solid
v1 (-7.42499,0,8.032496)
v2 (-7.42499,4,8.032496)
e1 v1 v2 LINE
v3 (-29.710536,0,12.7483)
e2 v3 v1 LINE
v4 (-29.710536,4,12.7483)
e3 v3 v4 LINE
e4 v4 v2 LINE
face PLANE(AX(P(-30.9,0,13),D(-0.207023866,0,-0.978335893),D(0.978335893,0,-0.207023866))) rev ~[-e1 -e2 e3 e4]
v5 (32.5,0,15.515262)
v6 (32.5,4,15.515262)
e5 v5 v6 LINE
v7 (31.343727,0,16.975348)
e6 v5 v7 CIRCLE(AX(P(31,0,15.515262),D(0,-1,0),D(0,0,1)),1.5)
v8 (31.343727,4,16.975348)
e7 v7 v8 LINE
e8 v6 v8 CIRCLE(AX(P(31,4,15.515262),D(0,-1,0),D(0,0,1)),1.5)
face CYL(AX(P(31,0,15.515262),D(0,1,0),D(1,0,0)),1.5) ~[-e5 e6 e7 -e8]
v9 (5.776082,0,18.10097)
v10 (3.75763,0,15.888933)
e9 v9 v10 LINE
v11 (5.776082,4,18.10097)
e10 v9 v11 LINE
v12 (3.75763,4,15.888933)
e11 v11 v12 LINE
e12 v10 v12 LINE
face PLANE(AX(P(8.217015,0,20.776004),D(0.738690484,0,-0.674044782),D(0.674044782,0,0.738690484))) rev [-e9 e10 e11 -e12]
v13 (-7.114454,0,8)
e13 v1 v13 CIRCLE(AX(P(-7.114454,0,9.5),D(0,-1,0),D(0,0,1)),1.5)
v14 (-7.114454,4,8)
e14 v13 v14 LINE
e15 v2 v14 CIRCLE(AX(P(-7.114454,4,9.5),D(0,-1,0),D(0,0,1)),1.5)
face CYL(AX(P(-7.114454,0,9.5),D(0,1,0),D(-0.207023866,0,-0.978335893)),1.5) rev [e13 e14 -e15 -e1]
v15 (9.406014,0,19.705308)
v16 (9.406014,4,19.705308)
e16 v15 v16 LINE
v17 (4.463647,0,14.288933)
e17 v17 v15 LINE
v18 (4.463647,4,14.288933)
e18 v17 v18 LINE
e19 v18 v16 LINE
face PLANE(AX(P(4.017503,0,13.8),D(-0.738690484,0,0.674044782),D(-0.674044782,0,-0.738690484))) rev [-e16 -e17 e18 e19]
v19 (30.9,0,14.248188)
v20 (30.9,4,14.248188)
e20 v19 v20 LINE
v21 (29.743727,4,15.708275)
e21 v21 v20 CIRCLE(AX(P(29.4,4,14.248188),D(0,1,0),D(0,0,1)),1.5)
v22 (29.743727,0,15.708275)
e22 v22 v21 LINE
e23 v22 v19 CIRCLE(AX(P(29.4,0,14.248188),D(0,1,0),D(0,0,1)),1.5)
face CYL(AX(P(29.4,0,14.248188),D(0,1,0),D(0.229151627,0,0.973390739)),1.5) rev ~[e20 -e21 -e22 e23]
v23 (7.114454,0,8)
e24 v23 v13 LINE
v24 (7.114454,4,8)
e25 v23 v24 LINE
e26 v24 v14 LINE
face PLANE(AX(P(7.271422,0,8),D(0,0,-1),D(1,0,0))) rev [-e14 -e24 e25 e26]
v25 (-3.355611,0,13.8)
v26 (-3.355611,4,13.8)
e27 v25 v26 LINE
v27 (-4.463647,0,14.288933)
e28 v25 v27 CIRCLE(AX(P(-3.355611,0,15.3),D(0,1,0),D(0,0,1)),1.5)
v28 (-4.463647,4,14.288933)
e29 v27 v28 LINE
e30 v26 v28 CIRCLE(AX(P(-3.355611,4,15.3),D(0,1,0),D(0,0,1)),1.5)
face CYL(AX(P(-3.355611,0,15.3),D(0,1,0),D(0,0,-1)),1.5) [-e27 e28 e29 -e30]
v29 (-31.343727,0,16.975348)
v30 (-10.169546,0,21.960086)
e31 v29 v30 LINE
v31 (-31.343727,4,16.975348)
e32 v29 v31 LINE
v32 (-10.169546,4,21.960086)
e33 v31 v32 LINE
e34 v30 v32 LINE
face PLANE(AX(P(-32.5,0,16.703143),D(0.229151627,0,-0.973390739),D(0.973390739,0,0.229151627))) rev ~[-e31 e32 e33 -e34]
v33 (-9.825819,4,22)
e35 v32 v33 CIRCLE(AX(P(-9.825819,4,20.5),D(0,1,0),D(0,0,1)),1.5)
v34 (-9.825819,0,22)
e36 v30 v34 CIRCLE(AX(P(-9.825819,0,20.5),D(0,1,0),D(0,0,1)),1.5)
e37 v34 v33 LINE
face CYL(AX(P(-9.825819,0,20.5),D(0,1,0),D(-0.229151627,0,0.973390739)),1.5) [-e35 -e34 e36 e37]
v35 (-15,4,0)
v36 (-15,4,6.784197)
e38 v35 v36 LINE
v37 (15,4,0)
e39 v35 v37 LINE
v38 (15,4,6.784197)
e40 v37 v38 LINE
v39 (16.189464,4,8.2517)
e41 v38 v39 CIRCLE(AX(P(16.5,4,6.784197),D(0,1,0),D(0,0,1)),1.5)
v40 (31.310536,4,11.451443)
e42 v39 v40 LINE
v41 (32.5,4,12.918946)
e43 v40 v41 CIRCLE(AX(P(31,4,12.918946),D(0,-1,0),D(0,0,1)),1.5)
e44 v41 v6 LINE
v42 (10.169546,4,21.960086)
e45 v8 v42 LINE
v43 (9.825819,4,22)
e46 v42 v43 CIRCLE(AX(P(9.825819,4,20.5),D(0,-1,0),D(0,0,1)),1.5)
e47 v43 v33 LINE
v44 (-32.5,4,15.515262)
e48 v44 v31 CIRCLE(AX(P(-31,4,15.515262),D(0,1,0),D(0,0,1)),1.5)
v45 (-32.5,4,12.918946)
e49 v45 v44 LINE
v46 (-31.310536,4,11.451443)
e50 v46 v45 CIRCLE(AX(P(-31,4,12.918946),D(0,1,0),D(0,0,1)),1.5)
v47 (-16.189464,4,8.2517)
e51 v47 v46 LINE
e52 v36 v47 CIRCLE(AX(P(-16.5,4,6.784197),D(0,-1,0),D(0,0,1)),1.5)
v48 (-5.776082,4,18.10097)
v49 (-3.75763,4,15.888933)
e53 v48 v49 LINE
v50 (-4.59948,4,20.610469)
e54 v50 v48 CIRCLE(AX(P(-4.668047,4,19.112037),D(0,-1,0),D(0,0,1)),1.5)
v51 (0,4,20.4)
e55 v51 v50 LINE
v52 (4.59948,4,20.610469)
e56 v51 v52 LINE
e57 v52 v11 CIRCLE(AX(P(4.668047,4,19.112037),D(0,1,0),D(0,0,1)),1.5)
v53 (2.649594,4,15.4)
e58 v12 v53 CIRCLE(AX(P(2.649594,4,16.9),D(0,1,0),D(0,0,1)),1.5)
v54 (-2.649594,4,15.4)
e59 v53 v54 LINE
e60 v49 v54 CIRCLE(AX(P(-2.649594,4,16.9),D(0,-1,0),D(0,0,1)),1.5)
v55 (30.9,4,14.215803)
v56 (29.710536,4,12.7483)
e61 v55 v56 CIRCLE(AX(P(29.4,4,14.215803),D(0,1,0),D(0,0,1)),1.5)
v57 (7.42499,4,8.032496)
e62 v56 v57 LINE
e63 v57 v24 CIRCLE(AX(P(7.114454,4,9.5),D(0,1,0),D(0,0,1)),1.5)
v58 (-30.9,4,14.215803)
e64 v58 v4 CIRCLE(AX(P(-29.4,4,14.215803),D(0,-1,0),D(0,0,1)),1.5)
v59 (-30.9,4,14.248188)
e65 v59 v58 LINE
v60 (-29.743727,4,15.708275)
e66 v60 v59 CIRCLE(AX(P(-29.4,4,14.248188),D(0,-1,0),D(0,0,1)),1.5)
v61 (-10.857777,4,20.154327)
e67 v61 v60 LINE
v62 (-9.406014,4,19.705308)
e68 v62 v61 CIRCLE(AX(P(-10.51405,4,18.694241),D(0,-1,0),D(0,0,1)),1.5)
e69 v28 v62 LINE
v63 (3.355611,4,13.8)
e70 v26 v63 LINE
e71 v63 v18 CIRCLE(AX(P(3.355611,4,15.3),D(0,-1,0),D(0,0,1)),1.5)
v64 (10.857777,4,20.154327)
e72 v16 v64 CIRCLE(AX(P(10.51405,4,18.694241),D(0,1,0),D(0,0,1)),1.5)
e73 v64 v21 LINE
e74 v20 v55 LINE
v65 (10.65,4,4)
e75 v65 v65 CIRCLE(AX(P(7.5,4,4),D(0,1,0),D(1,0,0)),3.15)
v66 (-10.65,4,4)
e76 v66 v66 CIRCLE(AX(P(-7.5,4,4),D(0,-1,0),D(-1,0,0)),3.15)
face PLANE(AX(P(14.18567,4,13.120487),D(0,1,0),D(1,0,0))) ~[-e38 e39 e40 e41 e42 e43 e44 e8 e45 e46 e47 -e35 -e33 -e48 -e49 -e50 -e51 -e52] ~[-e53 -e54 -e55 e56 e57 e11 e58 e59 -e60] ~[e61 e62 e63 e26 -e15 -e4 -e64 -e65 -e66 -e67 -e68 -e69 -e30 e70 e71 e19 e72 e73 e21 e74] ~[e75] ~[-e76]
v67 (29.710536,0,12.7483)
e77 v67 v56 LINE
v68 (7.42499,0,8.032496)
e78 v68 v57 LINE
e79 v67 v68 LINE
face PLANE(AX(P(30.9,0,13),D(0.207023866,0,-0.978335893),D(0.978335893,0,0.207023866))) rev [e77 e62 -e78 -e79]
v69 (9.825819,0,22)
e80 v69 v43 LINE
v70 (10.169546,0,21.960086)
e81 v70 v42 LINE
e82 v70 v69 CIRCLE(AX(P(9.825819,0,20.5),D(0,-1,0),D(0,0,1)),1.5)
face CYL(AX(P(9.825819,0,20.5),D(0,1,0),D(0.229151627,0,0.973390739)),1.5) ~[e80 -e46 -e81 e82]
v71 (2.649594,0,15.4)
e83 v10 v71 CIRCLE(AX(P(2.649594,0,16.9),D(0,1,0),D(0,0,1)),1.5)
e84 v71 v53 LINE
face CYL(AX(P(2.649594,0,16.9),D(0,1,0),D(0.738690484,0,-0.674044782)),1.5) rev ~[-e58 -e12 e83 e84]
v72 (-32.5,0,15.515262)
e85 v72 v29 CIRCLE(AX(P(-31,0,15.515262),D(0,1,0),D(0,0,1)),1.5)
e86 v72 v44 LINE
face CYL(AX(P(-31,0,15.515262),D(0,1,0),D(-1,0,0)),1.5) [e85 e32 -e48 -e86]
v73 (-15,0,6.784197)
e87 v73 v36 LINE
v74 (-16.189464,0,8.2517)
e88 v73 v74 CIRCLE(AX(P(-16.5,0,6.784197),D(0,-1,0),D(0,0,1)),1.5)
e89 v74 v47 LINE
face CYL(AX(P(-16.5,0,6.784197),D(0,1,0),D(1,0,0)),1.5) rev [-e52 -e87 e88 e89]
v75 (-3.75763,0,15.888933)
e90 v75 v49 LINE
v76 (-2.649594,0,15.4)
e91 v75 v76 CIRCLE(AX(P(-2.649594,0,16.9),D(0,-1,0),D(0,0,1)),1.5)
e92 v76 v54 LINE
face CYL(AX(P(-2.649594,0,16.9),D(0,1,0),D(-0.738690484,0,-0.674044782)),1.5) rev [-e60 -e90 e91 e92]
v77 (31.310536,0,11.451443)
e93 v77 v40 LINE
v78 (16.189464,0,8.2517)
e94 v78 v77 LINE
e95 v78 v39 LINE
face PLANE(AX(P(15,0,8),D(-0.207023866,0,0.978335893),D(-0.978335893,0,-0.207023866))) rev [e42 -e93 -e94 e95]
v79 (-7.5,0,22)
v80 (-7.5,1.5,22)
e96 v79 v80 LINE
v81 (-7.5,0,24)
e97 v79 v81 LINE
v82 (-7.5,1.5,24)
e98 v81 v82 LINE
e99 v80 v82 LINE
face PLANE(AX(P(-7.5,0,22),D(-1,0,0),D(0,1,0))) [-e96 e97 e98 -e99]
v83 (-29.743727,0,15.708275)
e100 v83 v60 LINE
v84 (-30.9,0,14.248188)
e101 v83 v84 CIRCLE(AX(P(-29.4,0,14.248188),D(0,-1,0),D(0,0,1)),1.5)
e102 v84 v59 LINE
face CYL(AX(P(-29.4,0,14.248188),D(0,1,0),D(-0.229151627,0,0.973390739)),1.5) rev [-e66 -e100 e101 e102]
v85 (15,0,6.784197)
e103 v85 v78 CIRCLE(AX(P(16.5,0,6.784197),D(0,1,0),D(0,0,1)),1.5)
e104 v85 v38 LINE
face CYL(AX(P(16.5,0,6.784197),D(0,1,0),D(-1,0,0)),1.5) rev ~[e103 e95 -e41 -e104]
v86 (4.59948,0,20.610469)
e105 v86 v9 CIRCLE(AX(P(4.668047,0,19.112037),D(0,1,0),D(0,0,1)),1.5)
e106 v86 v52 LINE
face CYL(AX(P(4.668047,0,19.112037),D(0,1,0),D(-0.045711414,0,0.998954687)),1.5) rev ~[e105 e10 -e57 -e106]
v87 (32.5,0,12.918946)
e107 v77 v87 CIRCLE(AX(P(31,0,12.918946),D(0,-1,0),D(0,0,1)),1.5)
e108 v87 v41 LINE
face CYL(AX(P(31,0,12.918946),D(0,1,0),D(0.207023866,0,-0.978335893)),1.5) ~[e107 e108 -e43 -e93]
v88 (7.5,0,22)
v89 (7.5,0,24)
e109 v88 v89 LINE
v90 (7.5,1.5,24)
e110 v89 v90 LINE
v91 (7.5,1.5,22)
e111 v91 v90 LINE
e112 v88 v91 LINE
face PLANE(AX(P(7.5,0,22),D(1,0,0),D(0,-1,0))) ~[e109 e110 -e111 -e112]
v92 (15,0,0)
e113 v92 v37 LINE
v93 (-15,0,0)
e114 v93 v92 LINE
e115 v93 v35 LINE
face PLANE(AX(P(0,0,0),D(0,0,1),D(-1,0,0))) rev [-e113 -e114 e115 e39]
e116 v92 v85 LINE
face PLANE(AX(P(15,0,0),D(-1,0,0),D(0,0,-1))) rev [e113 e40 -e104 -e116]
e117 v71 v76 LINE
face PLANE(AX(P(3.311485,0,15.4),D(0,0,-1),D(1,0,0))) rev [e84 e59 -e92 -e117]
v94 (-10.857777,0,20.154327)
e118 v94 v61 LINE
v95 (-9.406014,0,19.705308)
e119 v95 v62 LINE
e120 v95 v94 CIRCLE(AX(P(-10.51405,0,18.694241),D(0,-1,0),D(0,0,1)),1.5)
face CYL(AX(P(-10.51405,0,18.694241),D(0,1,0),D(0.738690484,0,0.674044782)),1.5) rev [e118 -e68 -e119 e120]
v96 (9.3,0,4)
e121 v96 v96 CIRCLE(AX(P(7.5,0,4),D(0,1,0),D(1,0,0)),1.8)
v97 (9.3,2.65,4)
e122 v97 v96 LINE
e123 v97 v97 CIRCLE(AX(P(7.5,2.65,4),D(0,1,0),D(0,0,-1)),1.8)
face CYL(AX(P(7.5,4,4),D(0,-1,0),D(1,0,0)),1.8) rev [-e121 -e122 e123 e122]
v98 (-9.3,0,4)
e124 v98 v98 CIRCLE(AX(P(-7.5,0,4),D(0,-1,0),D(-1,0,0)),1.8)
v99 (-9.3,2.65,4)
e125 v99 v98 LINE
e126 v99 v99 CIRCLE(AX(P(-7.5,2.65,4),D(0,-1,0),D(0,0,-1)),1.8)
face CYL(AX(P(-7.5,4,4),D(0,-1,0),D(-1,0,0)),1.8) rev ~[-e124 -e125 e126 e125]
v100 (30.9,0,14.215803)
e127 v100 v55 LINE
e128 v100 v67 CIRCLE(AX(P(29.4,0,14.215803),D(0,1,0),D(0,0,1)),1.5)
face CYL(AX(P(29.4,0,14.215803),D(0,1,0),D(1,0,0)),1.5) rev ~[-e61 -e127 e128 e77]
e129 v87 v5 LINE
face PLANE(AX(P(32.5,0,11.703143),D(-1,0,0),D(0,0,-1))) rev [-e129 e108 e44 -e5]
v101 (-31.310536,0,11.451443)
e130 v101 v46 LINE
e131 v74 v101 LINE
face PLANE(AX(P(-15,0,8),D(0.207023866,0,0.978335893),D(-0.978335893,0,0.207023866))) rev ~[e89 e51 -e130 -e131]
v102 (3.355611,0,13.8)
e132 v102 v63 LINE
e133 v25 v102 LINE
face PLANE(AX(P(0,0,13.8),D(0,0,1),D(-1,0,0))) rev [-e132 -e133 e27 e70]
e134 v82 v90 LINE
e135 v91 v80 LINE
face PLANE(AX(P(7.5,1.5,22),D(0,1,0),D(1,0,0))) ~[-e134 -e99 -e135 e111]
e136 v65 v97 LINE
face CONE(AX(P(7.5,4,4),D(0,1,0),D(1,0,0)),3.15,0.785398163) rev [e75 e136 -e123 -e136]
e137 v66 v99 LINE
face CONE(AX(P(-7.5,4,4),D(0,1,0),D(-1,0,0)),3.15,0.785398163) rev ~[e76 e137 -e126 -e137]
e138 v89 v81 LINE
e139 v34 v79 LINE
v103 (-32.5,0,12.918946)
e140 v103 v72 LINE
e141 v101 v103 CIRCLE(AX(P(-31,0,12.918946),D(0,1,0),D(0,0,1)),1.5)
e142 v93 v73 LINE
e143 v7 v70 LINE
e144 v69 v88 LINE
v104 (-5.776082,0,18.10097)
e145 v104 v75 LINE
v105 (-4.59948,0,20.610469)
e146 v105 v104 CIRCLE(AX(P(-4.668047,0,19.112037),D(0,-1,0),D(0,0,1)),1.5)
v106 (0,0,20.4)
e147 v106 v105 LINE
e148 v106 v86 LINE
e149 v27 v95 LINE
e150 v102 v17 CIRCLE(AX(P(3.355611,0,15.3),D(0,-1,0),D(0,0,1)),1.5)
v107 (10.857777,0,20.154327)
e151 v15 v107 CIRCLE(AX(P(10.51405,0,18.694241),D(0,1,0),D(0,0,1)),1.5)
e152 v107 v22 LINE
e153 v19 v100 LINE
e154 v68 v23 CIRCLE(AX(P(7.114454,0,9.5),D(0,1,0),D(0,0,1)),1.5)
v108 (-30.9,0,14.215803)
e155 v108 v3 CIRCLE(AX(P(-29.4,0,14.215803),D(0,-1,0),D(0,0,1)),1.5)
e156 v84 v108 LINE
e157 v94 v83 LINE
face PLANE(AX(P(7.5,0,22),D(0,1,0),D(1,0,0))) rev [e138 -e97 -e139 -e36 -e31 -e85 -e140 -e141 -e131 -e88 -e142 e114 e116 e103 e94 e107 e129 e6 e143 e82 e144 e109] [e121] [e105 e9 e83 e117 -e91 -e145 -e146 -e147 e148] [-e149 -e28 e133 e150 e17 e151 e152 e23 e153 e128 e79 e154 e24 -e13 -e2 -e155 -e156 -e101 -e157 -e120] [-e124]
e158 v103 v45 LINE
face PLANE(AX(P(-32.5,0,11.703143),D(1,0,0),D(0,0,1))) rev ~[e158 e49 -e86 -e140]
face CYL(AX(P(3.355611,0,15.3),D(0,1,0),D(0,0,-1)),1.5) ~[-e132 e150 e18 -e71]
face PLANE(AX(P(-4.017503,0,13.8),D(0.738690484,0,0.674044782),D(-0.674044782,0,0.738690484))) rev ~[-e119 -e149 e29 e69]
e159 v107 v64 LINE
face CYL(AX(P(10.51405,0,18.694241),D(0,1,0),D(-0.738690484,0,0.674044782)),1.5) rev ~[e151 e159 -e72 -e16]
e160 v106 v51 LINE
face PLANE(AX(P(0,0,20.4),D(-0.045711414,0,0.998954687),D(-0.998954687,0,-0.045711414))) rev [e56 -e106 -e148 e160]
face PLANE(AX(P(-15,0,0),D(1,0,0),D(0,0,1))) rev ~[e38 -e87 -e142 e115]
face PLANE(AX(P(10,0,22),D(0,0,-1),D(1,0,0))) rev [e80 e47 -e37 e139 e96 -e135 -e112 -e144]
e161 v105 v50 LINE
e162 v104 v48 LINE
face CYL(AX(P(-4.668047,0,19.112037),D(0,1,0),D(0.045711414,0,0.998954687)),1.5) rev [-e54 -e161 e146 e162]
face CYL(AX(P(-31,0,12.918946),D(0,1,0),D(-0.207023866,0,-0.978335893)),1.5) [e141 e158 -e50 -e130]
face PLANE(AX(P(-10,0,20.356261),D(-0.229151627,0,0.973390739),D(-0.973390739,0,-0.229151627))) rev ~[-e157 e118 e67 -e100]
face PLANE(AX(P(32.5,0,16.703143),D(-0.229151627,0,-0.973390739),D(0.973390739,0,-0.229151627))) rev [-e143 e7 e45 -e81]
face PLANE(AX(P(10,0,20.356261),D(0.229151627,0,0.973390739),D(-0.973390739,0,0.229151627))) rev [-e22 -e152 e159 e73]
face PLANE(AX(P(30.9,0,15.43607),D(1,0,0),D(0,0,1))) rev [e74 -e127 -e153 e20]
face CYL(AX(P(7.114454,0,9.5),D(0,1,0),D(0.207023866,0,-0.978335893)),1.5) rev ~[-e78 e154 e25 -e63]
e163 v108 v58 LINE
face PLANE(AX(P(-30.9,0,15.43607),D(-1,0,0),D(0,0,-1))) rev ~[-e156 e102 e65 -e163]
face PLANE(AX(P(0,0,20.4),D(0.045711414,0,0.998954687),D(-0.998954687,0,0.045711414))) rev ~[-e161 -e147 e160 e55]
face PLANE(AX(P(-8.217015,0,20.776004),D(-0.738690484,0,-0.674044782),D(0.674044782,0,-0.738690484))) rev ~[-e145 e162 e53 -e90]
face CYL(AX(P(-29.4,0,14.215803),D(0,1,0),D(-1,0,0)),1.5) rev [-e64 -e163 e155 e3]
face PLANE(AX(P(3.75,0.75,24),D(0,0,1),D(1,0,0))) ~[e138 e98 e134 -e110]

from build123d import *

# Parameters (mm, degrees)
BOSS_EXTRUDE1_DEPTH                                 = 4
FILLET1_R                                           = 1.5
CSK_FOR_M3_COUNTERSUNK_FLAT_HEAD_SCREW1_D           = 3.6
CSK_FOR_M3_COUNTERSUNK_FLAT_HEAD_SCREW1_CSINK_D     = 6.3
CSK_FOR_M3_COUNTERSUNK_FLAT_HEAD_SCREW1_CSINK_ANGLE = 90
SKETCH5_W                                           = 7.5
SKETCH5_H                                           = 1.5
BOSS_EXTRUDE2_DEPTH                                 = 2


with BuildPart() as part:
    # Sketch1 → Boss-Extrude1 (new body)
    with BuildSketch(Plane(origin=(0, 0, 0), x_dir=(1, 0, 0), z_dir=(0, 1, 0))):
        Polygon((0, 0), (-15, 0), (-15, -8), (-32.5, -11.703142934), (-32.5, -16.703142934), (-10, -22), (0, -22), (0, -20.4), (-8.217014563, -20.776004397), (-3.311485397, -15.4), (0, -15.4), (0, -13.8), (-4.017502815, -13.8), (-10, -20.356261329), (-30.9, -15.436069655), (-30.9, -13), (-7.271422452, -8), (0, -8), align=None)
    extrude(amount=BOSS_EXTRUDE1_DEPTH)

    # Fillet1
    fillet1_edges = [part.edges().sort_by_distance(p)[0] for p in [
        (-7.271422452, 2, 8),
        (-30.9, 2, 13),
        (-30.9, 2, 15.436069655),
        (-10, 2, 20.356261329),
        (-4.017502815, 2, 13.8),
        (-3.311485397, 2, 15.4),
        (-8.217014563, 2, 20.776004397),
        (-10, 2, 22),
        (-32.5, 2, 16.703142934),
        (-32.5, 2, 11.703142934),
        (-15, 2, 8),
    ]]
    fillet(fillet1_edges, radius=FILLET1_R)

    # CSK for M3 Countersunk Flat Head Screw1 (through all)
    with Locations(Plane(origin=(0, 4, 0), x_dir=(1, 0, 0), z_dir=(0, 1, 0))):
        with Locations((-7.5, -4)):
            CounterSinkHole(CSK_FOR_M3_COUNTERSUNK_FLAT_HEAD_SCREW1_D / 2, CSK_FOR_M3_COUNTERSUNK_FLAT_HEAD_SCREW1_CSINK_D / 2, counter_sink_angle=CSK_FOR_M3_COUNTERSUNK_FLAT_HEAD_SCREW1_CSINK_ANGLE)

    # Sketch5 → Boss-Extrude2 (add)
    with BuildSketch(Plane.XY.offset(22)):
        with Locations((-3.75, 0.75)):
            Rectangle(SKETCH5_W, SKETCH5_H)
    extrude(amount=BOSS_EXTRUDE2_DEPTH)

    # Mirror1: part across plane


with BuildPart() as part_1:
    add(part.part)
    add(part.part.mirror(Plane(origin=(0, 4, 8), x_dir=(0, 0, 1), z_dir=(-1, 0, 0))))


solid = part_1.part
